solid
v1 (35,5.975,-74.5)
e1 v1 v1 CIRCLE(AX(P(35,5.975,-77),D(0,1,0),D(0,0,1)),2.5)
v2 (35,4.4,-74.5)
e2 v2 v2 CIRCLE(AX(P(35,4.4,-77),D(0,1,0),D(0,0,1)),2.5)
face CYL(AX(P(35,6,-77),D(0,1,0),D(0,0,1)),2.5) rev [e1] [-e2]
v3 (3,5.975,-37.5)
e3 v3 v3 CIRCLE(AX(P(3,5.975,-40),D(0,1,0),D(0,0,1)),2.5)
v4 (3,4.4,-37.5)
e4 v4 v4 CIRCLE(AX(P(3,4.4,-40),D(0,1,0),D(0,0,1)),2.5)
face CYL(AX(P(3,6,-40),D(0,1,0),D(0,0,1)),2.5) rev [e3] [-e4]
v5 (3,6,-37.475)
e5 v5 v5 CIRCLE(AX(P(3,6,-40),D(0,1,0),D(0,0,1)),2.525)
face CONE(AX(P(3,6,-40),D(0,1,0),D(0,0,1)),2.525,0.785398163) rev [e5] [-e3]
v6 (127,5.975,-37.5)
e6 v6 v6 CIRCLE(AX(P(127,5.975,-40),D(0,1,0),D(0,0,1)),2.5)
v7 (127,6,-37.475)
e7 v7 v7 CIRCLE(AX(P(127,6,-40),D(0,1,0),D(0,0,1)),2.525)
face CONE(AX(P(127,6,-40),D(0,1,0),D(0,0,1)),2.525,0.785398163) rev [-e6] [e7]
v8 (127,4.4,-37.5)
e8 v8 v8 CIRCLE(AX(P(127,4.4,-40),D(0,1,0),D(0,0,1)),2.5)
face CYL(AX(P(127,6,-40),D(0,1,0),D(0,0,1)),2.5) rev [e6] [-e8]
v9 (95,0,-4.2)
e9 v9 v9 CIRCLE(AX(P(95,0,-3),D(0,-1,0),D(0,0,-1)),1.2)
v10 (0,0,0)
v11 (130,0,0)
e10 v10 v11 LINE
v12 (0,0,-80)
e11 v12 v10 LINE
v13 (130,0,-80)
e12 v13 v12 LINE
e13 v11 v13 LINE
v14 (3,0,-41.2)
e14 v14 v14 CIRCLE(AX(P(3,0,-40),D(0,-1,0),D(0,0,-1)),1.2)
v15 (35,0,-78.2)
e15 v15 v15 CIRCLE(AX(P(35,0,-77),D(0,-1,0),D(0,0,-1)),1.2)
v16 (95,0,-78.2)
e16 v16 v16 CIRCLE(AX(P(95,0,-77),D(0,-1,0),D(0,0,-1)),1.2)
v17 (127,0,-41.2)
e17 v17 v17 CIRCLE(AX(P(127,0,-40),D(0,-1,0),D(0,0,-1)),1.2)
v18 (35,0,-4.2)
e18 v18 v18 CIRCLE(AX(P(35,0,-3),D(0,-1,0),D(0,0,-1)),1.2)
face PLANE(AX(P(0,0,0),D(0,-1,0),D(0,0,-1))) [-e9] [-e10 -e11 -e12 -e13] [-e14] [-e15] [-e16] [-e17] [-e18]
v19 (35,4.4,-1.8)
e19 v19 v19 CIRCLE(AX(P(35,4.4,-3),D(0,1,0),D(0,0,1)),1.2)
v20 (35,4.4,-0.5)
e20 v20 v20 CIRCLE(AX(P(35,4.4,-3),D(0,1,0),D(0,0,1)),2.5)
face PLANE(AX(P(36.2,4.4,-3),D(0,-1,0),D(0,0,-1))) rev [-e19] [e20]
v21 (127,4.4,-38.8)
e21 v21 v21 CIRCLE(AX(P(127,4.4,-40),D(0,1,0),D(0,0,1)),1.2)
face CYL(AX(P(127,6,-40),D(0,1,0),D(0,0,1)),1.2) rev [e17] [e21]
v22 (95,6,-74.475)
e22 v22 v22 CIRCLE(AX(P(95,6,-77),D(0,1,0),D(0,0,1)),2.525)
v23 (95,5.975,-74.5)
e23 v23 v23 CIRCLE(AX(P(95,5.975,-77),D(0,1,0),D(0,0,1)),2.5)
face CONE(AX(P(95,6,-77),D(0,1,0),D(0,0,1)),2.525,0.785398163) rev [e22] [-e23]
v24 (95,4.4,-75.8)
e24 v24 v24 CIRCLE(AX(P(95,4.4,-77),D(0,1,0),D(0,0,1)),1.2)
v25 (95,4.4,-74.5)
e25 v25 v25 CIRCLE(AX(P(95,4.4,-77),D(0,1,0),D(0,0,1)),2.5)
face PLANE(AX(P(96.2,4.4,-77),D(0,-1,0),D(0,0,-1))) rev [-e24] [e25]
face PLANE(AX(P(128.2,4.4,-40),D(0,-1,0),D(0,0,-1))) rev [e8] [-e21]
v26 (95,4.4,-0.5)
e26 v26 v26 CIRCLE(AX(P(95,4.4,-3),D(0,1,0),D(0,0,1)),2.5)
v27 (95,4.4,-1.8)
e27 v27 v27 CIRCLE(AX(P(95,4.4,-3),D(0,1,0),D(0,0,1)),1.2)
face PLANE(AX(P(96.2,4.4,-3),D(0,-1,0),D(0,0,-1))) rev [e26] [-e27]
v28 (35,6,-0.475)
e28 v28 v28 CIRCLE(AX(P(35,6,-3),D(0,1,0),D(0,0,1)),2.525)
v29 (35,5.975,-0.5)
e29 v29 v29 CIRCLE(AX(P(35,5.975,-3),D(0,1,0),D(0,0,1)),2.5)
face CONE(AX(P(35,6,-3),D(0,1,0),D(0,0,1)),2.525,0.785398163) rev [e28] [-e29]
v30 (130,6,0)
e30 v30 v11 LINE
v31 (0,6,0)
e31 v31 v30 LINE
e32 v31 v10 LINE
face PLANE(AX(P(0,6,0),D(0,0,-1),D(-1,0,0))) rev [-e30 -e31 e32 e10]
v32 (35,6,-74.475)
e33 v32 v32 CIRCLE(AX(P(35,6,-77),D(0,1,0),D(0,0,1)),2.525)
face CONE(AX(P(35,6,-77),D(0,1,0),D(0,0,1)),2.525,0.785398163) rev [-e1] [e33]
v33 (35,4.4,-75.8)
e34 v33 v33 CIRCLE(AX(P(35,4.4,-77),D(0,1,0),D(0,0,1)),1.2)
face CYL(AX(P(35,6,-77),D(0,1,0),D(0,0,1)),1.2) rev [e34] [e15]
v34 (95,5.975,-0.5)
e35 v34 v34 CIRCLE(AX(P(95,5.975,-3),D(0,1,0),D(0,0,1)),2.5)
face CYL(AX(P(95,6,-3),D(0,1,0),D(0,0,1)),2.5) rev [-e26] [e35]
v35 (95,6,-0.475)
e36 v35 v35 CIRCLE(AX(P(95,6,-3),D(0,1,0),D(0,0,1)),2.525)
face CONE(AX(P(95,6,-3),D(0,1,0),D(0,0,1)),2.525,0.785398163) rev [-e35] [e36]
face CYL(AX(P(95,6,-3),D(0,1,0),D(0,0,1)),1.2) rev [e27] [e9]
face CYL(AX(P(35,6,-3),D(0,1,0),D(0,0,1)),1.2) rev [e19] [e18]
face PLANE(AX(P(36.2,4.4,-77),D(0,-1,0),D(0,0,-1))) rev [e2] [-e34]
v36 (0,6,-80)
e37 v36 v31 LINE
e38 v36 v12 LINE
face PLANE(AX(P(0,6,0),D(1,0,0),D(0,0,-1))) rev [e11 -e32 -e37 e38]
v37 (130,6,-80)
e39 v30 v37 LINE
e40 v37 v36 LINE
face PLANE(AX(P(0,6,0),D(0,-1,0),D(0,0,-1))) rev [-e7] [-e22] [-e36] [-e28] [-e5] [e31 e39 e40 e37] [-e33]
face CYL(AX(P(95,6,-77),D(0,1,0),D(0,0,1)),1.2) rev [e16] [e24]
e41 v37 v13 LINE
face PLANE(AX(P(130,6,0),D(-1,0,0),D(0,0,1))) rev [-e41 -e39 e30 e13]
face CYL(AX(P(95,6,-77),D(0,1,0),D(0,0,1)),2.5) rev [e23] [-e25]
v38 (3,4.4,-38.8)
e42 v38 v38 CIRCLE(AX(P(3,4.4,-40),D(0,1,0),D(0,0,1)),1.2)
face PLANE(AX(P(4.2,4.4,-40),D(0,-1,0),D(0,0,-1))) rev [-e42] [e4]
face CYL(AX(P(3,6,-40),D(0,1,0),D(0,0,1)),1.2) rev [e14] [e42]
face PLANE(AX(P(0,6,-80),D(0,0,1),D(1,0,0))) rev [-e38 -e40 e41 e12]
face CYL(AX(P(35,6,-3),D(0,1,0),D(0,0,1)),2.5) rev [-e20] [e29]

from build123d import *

# Parameters (mm, degrees)
SKIZZE1_W                                    = 130
SKIZZE1_H                                    = 80
AUFSATZ_LINEAR_AUSTRAGEN1_DEPTH              = 6
F_2_4_2_4_DURCHMESSER_BOHRUNG1_D             = 2.4
F_2_4_2_4_DURCHMESSER_BOHRUNG1_DEPTH         = 10
F_2_4_2_4_DURCHMESSER_BOHRUNG1_CSINK_D       = 2.45
F_2_4_2_4_DURCHMESSER_BOHRUNG1_CSINK_ANGLE   = 90
F_2_4_2_4_DURCHMESSER_BOHRUNG1_TIP           = 0.721032743
STIRNSENKUNG_F_R_M2_FLACHKOPFSCHRAUB_2_COUNT = 2
STIRNSENKUNG_F_R_M2_FLACHKOPFSCHRAUB_2_PITCH = 48.918299235
STIRNSENKUNG_F_R_M2_FLACHKOPFSCHRAUB_3_COUNT = 2
STIRNSENKUNG_F_R_M2_FLACHKOPFSCHRAUB_3_PITCH = 74
STIRNSENKUNG_F_R_M2_FLACHKOPFSCHRAUB_4_COUNT = 2
STIRNSENKUNG_F_R_M2_FLACHKOPFSCHRAUB_4_PITCH = 95.268042911
STIRNSENKUNG_F_R_M2_FLACHKOPFSCHRAUB_5_COUNT = 2
STIRNSENKUNG_F_R_M2_FLACHKOPFSCHRAUB_5_PITCH = 99.161484458
STIRNSENKUNG_F_R_M2_FLACHKOPFSCHRAUB_6_COUNT = 2
STIRNSENKUNG_F_R_M2_FLACHKOPFSCHRAUB_6_PITCH = 60


with BuildPart() as part:
    # Skizze1 → Aufsatz-Linear austragen1 (new body)
    with BuildSketch(Plane(origin=(0, 0, 0), x_dir=(1, 0, 0), z_dir=(0, 1, 0))):
        with Locations((65, 40)):
            Rectangle(SKIZZE1_W, SKIZZE1_H)
    extrude(amount=AUFSATZ_LINEAR_AUSTRAGEN1_DEPTH)

    # Ø2.4 (2.4) Durchmesser Bohrung1
    with Locations(Plane(origin=(0, 6, 0), x_dir=(1, 0, 0), z_dir=(0, 1, 0))):
        with Locations((35, 77), (95, 77), (127, 40), (95, 3), (35, 3), (3, 40), (133.088689194, 32.803420387)):
            CounterSinkHole(F_2_4_2_4_DURCHMESSER_BOHRUNG1_D / 2, F_2_4_2_4_DURCHMESSER_BOHRUNG1_CSINK_D / 2, depth=F_2_4_2_4_DURCHMESSER_BOHRUNG1_DEPTH, counter_sink_angle=F_2_4_2_4_DURCHMESSER_BOHRUNG1_CSINK_ANGLE)
            with Locations((0, 0, -(F_2_4_2_4_DURCHMESSER_BOHRUNG1_DEPTH + F_2_4_2_4_DURCHMESSER_BOHRUNG1_TIP / 2))):  # 118° drill point
                Cone(0, F_2_4_2_4_DURCHMESSER_BOHRUNG1_D / 2, F_2_4_2_4_DURCHMESSER_BOHRUNG1_TIP, mode=Mode.SUBTRACT)

    # Skizze7 → Stirnsenkung für M2 Flachkopfschraube mit Schlitz1 (revolve, cut)
    with BuildSketch(Plane(origin=(95, 6, -3), x_dir=(0, 0, 1), z_dir=(1, 0, 0))):
        Polygon((0, 0), (0, 2.721032743), (1.2, 2), (1.2, 1.6), (2.5, 1.6), (2.5, 0.025), (2.525, 0), align=None)
    stirnsenkung_f_r_m2_flachkopfschraube_mi = revolve(axis=Axis((95, 12.35, -3), (0, -1, 0)), mode=Mode.SUBTRACT)

    # Stirnsenkung f_r M2 Flachkopfschraub 2: Stirnsenkung für M2 Flachkopfschraube mit Schlitz1 ×2
    with Locations(*[Vector(0.6541519329315842, 0, -0.7563631724521444) * (i * STIRNSENKUNG_F_R_M2_FLACHKOPFSCHRAUB_2_PITCH) for i in range(1, STIRNSENKUNG_F_R_M2_FLACHKOPFSCHRAUB_2_COUNT)]):
        add(stirnsenkung_f_r_m2_flachkopfschraube_mi, mode=Mode.SUBTRACT)

    # Stirnsenkung f_r M2 Flachkopfschraub 3: Stirnsenkung für M2 Flachkopfschraube mit Schlitz1 ×2
    with Locations(*[(0, 0, -i * STIRNSENKUNG_F_R_M2_FLACHKOPFSCHRAUB_3_PITCH) for i in range(1, STIRNSENKUNG_F_R_M2_FLACHKOPFSCHRAUB_3_COUNT)]):
        add(stirnsenkung_f_r_m2_flachkopfschraube_mi, mode=Mode.SUBTRACT)

    # Stirnsenkung f_r M2 Flachkopfschraub 4: Stirnsenkung für M2 Flachkopfschraube mit Schlitz1 ×2
    with Locations(*[Vector(-0.6298019584212194, 0, -0.7767557487195037) * (i * STIRNSENKUNG_F_R_M2_FLACHKOPFSCHRAUB_4_PITCH) for i in range(1, STIRNSENKUNG_F_R_M2_FLACHKOPFSCHRAUB_4_COUNT)]):
        add(stirnsenkung_f_r_m2_flachkopfschraube_mi, mode=Mode.SUBTRACT)

    # Stirnsenkung f_r M2 Flachkopfschraub 5: Stirnsenkung für M2 Flachkopfschraube mit Schlitz1 ×2
    with Locations(*[Vector(-0.9277795759357077, 0, -0.37312874249588235) * (i * STIRNSENKUNG_F_R_M2_FLACHKOPFSCHRAUB_5_PITCH) for i in range(1, STIRNSENKUNG_F_R_M2_FLACHKOPFSCHRAUB_5_COUNT)]):
        add(stirnsenkung_f_r_m2_flachkopfschraube_mi, mode=Mode.SUBTRACT)

    # Stirnsenkung f_r M2 Flachkopfschraub 6: Stirnsenkung für M2 Flachkopfschraube mit Schlitz1 ×2
    with Locations(*[(-i * STIRNSENKUNG_F_R_M2_FLACHKOPFSCHRAUB_6_PITCH, 0, 0) for i in range(1, STIRNSENKUNG_F_R_M2_FLACHKOPFSCHRAUB_6_COUNT)]):
        add(stirnsenkung_f_r_m2_flachkopfschraube_mi, mode=Mode.SUBTRACT)


solid = part.part
